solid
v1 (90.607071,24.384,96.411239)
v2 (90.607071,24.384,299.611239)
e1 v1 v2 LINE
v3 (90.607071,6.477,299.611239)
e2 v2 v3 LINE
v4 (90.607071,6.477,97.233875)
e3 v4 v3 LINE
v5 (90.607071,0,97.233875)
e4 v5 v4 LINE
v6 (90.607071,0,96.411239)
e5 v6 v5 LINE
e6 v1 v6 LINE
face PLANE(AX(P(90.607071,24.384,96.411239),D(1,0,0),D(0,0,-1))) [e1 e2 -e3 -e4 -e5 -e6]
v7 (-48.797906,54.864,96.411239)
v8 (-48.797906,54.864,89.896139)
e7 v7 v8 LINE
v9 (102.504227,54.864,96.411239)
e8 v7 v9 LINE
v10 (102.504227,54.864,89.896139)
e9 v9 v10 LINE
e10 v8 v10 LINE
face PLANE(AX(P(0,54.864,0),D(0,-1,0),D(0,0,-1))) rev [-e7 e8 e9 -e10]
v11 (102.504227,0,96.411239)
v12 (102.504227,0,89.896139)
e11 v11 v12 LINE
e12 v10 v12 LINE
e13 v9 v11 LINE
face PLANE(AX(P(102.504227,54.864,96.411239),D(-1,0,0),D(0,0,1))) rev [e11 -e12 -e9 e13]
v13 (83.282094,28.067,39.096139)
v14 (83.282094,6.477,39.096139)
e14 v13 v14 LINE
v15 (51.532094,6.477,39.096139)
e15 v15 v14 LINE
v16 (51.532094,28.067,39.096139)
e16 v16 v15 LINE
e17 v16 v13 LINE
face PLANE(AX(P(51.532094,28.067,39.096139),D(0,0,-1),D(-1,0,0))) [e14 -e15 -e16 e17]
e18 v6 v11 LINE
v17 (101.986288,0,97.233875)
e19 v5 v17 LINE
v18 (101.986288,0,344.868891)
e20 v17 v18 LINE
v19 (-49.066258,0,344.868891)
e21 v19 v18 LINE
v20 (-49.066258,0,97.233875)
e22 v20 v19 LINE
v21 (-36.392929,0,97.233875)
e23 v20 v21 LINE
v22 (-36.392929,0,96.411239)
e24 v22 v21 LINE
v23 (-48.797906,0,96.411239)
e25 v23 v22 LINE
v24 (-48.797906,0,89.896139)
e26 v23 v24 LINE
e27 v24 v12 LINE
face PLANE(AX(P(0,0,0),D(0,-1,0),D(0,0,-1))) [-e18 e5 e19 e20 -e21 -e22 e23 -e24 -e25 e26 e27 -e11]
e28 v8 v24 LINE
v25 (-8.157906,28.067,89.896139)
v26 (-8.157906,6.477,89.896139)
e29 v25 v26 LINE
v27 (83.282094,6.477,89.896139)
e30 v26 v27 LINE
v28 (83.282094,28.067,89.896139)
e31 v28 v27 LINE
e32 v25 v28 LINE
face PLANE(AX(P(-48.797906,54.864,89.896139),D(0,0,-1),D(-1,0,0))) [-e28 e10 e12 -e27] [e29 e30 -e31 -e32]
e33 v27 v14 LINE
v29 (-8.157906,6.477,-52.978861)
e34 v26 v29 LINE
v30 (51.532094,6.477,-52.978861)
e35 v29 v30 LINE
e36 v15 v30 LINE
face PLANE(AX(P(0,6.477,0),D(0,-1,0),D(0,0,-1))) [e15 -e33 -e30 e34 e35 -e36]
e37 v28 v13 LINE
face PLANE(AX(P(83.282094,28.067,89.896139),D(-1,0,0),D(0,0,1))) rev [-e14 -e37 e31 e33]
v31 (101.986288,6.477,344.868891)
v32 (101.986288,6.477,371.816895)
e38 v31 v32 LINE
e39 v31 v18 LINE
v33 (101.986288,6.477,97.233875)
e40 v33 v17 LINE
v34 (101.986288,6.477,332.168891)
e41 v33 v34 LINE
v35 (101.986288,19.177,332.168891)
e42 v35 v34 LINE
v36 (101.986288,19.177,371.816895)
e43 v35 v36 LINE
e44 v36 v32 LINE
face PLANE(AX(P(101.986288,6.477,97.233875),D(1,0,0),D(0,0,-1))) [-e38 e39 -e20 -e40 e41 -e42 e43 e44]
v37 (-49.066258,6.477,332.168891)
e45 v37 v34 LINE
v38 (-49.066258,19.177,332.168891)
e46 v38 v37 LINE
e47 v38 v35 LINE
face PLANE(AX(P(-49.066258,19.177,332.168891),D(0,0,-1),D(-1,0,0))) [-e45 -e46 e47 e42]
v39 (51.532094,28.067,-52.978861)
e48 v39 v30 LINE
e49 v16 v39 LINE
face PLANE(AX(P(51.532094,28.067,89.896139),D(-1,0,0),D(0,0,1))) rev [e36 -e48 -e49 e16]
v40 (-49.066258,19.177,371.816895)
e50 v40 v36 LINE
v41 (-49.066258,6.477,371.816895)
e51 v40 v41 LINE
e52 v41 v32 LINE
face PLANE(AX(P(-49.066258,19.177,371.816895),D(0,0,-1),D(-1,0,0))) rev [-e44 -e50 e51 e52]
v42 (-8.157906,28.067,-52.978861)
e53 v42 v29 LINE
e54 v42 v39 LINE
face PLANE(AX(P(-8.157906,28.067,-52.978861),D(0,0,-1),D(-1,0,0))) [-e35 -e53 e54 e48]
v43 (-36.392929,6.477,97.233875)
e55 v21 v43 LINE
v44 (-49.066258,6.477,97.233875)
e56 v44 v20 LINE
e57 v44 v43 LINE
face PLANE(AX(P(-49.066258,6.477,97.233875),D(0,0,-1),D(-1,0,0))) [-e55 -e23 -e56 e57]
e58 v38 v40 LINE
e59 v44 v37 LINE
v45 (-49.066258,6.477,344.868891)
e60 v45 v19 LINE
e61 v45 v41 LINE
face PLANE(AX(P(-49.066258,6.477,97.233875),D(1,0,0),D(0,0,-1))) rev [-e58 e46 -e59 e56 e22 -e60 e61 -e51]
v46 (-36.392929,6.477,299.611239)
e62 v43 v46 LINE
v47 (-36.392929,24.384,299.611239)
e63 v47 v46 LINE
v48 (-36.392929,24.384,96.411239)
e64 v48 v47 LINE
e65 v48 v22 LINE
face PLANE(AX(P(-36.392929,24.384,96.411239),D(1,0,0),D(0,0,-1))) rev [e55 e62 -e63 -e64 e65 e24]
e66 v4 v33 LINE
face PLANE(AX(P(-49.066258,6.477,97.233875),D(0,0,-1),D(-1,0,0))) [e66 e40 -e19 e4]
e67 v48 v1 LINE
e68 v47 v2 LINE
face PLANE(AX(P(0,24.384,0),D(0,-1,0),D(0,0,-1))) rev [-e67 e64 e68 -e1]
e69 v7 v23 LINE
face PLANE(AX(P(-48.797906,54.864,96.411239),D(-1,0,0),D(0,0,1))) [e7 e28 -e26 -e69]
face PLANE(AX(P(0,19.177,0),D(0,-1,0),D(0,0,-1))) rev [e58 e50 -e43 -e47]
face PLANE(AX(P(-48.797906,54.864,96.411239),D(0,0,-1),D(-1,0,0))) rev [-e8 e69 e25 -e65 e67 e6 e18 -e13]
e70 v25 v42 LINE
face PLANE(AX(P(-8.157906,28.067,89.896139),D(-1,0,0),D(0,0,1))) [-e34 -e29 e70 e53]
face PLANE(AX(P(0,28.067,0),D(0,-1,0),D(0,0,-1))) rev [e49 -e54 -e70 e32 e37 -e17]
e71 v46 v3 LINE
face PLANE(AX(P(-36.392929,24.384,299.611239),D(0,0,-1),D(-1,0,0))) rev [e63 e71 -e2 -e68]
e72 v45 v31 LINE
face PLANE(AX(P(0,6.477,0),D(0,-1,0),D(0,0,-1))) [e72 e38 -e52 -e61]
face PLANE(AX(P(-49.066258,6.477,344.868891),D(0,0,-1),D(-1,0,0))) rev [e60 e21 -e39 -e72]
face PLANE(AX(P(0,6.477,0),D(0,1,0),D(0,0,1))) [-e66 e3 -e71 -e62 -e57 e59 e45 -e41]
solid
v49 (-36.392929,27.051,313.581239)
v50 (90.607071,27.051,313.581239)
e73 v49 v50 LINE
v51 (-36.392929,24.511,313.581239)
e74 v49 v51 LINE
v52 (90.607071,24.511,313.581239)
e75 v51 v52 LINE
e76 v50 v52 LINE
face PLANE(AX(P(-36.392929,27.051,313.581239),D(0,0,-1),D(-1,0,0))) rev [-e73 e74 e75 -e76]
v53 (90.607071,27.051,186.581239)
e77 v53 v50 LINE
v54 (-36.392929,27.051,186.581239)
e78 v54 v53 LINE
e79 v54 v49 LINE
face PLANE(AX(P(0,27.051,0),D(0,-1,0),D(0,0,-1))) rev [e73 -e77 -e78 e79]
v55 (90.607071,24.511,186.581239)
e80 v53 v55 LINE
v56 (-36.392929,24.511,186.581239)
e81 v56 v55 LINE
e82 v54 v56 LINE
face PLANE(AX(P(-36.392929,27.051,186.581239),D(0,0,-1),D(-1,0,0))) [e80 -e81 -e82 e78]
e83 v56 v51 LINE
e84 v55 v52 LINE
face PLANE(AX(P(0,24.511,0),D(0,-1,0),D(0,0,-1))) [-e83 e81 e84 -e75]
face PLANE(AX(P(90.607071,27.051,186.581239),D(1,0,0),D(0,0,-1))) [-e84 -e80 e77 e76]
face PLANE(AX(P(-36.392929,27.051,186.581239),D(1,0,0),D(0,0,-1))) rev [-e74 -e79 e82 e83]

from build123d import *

# Parameters (mm, degrees)
SKETCH3_W            = 151.302132641
SKETCH3_H            = 6.5151
BOSS_EXTRUDE1_DEPTH  = 54.864
SKETCH3_13_W         = 151.052545821
SKETCH3_13_H         = 247.635016114
BOSS_EXTRUDE4_DEPTH  = 6.477
BOSS_EXTRUDE5_START  = 6.477
SKETCH3_14_W         = 151.052545821
SKETCH3_14_H         = 39.648003702
BOSS_EXTRUDE5_DEPTH  = 12.7
SKETCH3_15_W         = 127
SKETCH3_15_H         = 203.2
BOSS_EXTRUDE6_DEPTH  = 24.384
BOSS_EXTRUDE7_START  = 24.511
SKETCH3_16_W         = 127
SKETCH3_16_H         = 127
BOSS_EXTRUDE7_DEPTH  = 2.54
BOSS_EXTRUDE12_START = 6.477
SKETCH3_22_W         = 31.75
SKETCH3_22_H         = 50.8
BOSS_EXTRUDE12_DEPTH = 21.59
BOSS_EXTRUDE13_START = 6.477
SKETCH3_23_W         = 59.69
SKETCH3_23_H         = 142.875
BOSS_EXTRUDE13_DEPTH = 21.59


with BuildPart() as part:
    # Sketch3 → Boss-Extrude1 (new body)
    with BuildSketch(Plane(origin=(0, 0, 0), x_dir=(1, 0, 0), z_dir=(0, 1, 0))):
        with Locations((26.853160792, -93.15368855)):
            Rectangle(SKETCH3_W, SKETCH3_H)
    extrude(amount=BOSS_EXTRUDE1_DEPTH)



with BuildPart() as body_2:
    # Sketch3<13> → Boss-Extrude4 (new body)
    with BuildSketch(Plane(origin=(0, 0, 0), x_dir=(1, 0, 0), z_dir=(0, 1, 0))):
        with Locations((26.460014629, -221.051383358)):
            Rectangle(SKETCH3_13_W, SKETCH3_13_H)
    extrude(amount=BOSS_EXTRUDE4_DEPTH)

    # Sketch3<14> → Boss-Extrude5 (add)
    with BuildSketch(Plane(origin=(0, 0, 0), x_dir=(1, 0, 0), z_dir=(0, 1, 0)).offset(BOSS_EXTRUDE5_START)):
        with Locations((26.460014629, -351.992893266)):
            Rectangle(SKETCH3_14_W, SKETCH3_14_H)
    extrude(amount=BOSS_EXTRUDE5_DEPTH)


with BuildPart() as part_1:
    add(part.part)

    add(body_2.part)  # Boss-Extrude6 merges body 2
    # Sketch3<15> → Boss-Extrude6 (add)
    with BuildSketch(Plane(origin=(0, 0, 0), x_dir=(1, 0, 0), z_dir=(0, 1, 0))):
        with Locations((27.107070751, -198.01123855)):
            Rectangle(SKETCH3_15_W, SKETCH3_15_H)
    extrude(amount=BOSS_EXTRUDE6_DEPTH)

    # Sketch3<22> → Boss-Extrude12 (add)
    with BuildSketch(Plane(origin=(0, 0, 0), x_dir=(1, 0, 0), z_dir=(0, 1, 0)).offset(BOSS_EXTRUDE12_START)):
        with Locations((67.407094471, -64.49613855)):
            Rectangle(SKETCH3_22_W, SKETCH3_22_H)
    extrude(amount=BOSS_EXTRUDE12_DEPTH)

    # Sketch3<23> → Boss-Extrude13 (add)
    with BuildSketch(Plane(origin=(0, 0, 0), x_dir=(1, 0, 0), z_dir=(0, 1, 0)).offset(BOSS_EXTRUDE13_START)):
        with Locations((21.687094471, -18.45863855)):
            Rectangle(SKETCH3_23_W, SKETCH3_23_H)
    extrude(amount=BOSS_EXTRUDE13_DEPTH)


with BuildPart() as body_2_2:
    # Sketch3<16> → Boss-Extrude7 (new body)
    with BuildSketch(Plane(origin=(0, 0, 0), x_dir=(1, 0, 0), z_dir=(0, 1, 0)).offset(BOSS_EXTRUDE7_START)):
        with Locations((27.107070751, -250.08123855)):
            Rectangle(SKETCH3_16_W, SKETCH3_16_H)
    extrude(amount=BOSS_EXTRUDE7_DEPTH)


solid = Compound([part_1.part, body_2_2.part])
